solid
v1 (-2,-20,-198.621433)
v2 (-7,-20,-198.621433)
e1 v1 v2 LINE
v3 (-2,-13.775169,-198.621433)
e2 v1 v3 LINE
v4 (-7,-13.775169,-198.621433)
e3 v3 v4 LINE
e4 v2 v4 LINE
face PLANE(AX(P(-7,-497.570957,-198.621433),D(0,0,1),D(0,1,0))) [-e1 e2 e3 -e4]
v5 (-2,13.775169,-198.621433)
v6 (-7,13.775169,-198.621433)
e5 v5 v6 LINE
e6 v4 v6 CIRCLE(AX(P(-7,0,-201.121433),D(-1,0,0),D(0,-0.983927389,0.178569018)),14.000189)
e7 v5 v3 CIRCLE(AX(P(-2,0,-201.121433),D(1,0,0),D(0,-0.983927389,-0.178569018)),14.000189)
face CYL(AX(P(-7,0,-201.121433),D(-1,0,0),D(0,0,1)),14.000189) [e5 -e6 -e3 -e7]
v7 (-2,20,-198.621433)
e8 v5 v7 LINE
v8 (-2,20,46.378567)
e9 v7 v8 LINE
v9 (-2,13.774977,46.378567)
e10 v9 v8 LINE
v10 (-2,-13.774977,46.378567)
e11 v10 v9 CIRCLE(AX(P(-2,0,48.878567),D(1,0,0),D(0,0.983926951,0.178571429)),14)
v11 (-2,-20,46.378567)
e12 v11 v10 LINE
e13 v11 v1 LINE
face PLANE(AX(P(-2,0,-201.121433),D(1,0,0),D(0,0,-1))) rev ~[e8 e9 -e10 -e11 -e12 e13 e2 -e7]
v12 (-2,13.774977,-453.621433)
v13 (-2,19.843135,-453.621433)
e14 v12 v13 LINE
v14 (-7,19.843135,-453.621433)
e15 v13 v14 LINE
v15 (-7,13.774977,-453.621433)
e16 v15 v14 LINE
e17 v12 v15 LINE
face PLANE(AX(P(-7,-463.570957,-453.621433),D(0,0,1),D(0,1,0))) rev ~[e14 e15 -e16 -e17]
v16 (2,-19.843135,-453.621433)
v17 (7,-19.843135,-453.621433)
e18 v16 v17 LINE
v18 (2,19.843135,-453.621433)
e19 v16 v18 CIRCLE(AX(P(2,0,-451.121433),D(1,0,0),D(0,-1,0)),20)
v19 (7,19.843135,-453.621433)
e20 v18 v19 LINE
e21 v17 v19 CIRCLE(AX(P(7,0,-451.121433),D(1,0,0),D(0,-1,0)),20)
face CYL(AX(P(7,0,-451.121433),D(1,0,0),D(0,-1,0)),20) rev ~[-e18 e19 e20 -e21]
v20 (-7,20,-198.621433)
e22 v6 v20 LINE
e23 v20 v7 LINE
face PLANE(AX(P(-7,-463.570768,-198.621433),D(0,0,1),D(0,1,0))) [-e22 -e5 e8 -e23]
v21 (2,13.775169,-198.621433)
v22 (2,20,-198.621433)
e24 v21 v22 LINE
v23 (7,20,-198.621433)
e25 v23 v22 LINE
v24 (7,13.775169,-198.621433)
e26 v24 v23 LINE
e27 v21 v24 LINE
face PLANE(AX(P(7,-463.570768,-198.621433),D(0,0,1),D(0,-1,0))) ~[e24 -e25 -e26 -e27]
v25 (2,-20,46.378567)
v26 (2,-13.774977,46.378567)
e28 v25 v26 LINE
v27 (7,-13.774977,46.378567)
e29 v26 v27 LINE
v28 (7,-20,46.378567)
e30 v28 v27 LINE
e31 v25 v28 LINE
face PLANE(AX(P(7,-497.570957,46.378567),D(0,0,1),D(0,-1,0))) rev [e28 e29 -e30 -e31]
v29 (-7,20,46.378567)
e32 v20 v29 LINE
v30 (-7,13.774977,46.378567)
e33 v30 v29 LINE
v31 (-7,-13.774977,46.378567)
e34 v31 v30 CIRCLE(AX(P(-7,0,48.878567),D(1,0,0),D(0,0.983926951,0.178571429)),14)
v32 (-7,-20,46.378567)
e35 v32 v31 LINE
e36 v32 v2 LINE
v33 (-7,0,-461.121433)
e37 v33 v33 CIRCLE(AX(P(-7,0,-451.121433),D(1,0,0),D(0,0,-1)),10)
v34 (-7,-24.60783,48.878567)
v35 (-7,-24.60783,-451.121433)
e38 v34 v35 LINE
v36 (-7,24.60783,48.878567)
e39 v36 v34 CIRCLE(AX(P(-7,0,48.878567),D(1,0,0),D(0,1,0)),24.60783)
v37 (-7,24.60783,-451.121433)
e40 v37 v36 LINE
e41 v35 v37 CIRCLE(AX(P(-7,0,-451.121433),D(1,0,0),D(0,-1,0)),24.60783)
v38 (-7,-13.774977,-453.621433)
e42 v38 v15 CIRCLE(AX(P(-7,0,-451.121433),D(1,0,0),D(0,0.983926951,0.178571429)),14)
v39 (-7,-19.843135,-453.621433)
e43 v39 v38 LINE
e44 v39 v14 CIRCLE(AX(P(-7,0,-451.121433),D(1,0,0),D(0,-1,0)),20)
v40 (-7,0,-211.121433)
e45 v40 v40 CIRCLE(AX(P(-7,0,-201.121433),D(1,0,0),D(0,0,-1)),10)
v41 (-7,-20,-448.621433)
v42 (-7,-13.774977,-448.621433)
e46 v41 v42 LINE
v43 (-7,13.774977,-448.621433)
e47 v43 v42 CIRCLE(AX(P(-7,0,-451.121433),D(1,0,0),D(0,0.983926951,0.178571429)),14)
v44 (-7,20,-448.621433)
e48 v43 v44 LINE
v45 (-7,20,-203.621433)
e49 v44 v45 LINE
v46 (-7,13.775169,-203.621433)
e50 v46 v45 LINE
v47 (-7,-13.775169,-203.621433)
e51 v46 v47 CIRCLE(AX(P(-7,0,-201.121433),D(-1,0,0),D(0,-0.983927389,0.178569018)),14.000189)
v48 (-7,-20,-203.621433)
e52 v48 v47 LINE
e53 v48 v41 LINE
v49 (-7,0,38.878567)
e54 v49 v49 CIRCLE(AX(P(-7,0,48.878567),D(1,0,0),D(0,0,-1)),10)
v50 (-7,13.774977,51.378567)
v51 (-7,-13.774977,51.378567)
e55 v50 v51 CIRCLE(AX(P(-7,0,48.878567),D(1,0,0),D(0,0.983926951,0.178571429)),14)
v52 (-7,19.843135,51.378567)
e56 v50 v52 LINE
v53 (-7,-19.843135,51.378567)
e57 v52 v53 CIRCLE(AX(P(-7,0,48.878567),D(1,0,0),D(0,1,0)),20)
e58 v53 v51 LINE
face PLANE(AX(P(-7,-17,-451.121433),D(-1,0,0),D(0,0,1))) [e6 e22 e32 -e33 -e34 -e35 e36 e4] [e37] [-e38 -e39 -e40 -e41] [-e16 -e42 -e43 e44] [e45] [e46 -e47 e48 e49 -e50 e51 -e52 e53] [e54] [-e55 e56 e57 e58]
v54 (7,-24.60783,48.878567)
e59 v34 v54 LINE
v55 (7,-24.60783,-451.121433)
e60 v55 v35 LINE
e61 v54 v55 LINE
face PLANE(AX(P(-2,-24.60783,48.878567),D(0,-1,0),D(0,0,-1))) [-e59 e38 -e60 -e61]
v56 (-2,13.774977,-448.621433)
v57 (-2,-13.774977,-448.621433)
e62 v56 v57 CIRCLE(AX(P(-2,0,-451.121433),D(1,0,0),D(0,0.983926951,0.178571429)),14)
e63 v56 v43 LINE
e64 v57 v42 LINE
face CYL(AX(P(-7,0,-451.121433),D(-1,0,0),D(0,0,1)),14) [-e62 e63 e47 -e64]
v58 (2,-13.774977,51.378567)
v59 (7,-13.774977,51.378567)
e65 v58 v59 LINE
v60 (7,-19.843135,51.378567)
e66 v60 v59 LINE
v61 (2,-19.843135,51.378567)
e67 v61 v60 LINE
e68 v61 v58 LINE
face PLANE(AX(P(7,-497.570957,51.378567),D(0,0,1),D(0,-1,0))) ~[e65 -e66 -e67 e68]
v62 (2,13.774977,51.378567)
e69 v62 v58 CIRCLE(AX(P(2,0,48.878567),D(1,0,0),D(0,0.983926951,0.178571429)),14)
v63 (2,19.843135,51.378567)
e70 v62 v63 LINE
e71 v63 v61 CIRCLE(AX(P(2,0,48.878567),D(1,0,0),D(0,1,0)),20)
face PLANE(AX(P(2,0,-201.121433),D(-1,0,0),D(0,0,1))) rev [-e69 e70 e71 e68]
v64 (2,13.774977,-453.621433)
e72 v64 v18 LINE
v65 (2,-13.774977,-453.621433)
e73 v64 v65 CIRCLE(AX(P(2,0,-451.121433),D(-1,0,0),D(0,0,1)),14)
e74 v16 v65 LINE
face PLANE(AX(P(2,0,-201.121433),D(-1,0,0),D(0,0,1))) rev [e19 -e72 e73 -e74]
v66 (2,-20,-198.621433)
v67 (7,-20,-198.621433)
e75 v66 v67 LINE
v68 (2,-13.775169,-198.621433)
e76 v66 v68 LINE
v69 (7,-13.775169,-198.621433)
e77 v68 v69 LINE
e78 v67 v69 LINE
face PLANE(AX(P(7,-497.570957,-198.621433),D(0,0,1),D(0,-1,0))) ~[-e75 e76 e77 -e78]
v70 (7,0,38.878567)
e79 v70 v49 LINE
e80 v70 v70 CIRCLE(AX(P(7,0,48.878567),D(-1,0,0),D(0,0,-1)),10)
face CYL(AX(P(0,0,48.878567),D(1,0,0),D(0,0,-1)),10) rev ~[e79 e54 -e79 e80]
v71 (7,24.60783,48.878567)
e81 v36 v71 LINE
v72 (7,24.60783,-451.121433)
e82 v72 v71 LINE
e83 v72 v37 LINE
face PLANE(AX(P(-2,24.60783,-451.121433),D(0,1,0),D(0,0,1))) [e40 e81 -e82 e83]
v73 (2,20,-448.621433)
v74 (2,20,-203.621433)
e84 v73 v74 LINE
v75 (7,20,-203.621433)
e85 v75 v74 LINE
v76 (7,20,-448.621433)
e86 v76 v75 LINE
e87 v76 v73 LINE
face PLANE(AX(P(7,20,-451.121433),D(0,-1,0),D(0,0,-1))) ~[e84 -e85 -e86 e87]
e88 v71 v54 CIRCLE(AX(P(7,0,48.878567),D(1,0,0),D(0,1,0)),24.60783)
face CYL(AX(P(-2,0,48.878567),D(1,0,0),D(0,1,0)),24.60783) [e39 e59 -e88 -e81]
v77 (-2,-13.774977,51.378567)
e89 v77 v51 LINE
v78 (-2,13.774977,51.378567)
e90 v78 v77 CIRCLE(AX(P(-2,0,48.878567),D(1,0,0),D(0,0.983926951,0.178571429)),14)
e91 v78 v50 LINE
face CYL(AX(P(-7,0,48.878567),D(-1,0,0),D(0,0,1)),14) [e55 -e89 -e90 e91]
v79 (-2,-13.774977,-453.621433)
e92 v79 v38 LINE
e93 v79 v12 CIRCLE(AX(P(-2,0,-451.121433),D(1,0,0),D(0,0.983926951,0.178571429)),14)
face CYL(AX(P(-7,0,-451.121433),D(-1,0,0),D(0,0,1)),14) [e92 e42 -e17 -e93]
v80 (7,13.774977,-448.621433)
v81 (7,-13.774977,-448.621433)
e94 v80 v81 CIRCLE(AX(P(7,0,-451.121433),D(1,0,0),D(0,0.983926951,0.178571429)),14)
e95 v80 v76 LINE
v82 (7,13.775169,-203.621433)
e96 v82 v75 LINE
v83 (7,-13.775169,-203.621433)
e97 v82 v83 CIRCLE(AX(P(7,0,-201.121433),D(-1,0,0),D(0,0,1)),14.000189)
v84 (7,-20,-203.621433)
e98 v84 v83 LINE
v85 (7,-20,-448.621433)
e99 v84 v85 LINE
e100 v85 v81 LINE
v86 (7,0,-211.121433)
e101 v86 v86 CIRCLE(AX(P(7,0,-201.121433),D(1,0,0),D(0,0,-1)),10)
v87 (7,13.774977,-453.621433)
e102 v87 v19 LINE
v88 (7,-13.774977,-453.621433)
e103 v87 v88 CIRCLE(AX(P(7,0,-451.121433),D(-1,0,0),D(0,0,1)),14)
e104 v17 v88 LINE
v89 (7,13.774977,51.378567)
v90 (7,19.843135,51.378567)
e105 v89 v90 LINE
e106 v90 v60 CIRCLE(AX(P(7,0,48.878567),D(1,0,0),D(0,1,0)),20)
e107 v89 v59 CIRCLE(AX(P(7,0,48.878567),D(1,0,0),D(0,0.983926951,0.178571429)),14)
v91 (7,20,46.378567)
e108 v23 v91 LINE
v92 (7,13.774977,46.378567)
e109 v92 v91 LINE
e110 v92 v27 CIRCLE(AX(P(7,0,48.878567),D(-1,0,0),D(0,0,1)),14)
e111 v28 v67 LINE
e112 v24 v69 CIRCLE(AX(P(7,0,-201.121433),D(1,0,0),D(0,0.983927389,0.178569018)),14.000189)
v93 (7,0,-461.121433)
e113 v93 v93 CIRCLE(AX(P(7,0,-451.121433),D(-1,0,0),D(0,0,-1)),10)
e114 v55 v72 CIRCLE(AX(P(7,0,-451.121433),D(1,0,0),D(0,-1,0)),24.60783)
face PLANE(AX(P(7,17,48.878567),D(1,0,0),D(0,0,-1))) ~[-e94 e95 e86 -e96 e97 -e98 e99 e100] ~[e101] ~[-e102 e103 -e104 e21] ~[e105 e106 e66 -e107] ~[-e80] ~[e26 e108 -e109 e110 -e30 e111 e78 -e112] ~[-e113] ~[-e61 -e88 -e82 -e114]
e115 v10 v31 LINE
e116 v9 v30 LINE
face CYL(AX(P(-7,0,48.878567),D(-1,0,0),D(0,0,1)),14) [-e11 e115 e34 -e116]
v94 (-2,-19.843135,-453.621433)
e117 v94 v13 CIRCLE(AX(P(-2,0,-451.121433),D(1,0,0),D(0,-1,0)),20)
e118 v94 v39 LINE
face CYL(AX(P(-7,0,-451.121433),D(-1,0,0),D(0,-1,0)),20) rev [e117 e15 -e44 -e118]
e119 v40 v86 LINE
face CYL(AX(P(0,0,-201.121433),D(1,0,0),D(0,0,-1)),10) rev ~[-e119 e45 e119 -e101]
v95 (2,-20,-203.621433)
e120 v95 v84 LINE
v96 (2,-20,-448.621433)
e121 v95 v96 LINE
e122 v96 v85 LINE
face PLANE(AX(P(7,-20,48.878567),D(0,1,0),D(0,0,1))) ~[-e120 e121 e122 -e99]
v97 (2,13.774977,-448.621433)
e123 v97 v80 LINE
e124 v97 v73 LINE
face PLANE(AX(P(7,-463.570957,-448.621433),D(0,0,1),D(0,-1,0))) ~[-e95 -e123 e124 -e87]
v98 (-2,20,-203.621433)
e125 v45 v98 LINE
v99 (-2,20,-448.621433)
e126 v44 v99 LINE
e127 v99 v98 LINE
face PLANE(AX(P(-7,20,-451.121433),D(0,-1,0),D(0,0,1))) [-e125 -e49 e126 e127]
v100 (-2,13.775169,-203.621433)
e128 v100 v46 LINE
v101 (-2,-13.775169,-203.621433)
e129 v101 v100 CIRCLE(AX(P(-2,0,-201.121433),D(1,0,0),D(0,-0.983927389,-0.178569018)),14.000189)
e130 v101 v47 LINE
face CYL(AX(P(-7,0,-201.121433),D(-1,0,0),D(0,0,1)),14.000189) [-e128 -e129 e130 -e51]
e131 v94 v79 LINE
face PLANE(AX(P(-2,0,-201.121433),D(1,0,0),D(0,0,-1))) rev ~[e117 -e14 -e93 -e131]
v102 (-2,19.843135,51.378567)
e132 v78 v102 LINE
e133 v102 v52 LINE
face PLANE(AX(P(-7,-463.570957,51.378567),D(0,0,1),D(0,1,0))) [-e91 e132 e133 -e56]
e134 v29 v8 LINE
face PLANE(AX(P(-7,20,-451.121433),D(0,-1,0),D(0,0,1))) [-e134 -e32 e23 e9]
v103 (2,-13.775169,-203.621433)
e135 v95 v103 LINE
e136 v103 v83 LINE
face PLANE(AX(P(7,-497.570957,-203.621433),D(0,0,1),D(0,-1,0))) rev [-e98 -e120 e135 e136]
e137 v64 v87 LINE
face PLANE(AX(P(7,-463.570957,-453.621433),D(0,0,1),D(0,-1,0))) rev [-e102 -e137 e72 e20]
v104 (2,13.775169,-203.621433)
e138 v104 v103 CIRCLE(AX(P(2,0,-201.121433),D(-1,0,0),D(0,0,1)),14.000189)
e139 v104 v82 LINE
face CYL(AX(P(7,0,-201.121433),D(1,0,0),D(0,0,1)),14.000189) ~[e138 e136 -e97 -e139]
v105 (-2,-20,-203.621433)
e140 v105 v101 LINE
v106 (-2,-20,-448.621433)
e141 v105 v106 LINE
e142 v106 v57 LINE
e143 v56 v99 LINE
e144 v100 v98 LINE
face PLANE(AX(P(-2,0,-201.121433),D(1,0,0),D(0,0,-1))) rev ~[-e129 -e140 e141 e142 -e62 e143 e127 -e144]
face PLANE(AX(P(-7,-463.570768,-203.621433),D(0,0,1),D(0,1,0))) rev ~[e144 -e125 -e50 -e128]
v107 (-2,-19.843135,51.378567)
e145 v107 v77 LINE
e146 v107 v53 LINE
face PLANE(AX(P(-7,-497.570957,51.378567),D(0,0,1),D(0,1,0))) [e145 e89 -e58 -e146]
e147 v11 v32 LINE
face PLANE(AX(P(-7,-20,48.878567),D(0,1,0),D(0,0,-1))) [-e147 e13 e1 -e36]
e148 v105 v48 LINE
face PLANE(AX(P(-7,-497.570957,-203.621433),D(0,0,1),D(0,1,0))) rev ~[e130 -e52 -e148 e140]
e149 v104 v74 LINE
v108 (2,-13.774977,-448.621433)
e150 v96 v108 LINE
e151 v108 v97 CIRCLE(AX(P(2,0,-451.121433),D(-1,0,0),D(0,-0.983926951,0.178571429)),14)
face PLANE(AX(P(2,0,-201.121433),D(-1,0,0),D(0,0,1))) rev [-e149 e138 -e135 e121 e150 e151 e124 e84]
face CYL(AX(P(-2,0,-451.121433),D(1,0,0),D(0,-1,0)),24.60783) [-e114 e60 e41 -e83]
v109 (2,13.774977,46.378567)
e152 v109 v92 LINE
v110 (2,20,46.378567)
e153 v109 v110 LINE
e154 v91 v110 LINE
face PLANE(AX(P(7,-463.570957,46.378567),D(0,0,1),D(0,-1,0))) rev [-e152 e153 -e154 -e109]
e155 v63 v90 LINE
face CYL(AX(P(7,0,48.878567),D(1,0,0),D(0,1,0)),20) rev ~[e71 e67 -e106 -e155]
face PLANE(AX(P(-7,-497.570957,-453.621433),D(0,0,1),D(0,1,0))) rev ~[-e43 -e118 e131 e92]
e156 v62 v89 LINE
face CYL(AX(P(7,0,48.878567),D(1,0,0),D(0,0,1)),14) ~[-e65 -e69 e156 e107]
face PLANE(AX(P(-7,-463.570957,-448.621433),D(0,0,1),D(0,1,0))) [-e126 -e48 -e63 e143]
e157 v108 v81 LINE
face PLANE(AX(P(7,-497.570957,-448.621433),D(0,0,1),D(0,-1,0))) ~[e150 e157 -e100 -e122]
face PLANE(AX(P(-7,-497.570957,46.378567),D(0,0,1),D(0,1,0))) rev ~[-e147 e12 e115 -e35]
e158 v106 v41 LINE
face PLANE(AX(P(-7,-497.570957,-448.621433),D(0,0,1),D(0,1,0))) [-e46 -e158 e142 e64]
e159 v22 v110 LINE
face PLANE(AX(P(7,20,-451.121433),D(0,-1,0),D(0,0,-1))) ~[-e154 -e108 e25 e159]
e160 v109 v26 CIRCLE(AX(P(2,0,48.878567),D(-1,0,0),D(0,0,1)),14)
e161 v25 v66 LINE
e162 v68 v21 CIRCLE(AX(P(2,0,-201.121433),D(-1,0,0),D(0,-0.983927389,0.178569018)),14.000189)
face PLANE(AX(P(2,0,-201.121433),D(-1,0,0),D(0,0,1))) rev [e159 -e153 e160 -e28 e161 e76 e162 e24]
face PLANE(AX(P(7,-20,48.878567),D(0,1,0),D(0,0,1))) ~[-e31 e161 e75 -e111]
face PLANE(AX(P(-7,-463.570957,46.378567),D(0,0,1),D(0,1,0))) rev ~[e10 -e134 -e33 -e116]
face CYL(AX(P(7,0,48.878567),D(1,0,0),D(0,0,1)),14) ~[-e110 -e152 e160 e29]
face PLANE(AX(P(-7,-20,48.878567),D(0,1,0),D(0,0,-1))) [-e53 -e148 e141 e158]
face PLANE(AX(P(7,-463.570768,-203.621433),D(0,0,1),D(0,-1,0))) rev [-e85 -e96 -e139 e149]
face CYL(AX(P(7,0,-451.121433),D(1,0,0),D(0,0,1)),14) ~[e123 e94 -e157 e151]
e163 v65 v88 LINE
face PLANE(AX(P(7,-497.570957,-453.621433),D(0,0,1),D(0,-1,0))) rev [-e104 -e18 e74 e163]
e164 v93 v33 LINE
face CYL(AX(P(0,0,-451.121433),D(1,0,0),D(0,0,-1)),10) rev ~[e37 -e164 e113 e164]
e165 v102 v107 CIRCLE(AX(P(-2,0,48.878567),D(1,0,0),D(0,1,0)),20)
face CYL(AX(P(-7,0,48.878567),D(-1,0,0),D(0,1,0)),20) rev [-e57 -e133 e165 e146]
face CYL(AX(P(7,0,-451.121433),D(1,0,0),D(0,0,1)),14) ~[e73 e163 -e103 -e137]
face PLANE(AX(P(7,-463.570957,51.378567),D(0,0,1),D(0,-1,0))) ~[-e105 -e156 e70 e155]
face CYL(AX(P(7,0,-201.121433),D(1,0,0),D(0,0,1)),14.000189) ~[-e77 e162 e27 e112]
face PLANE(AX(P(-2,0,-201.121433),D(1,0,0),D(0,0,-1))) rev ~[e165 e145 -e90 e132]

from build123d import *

# Parameters (mm, degrees)
BOSS_EXTRUDE1_DEPTH = 2
EXTRUDE_START       = 5
EXTRUDE_1_DEPTH     = 5
EXTRUDE_2_DEPTH     = 5
SKETCH_4_R          = 14
SKETCH_4_R_2        = 14.00018903
CUT_EXTRUDE_1_DEPTH = 5
SKETCH1_3_R         = 10
CUT_EXTRUDE_2_DEPTH = 15
RIB_2_REACH         = 478.571
SKETCH_5_WALLS_W    = 5
SKETCH_5_WALLS_H    = 961.14191471
SKETCH_5_WALLS_H_2  = 961.14172568


with BuildPart() as part:
    # Sketch1 → Boss-Extrude1 (new, symmetric)
    with BuildSketch(Plane(origin=(0, 0, 0), x_dir=(0, 0, -1), z_dir=(1, 0, 0))):
        with BuildLine():
            Line((451.121433311, 24.607830126), (-48.878566689, 24.607830126))
            ThreePointArc((-48.878566689, 24.607830126), (-73.486396815, 0), (-48.878566689, -24.607830126))
            Line((-48.878566689, -24.607830126), (451.121433311, -24.607830126))
            ThreePointArc((451.121433311, -24.607830126), (475.729263437, 0), (451.121433311, 24.607830126))
        make_face()
    extrude(amount=BOSS_EXTRUDE1_DEPTH, both=True)

    # Sketch 1 → Extrude 1 (add)
    with BuildSketch(Plane(origin=(2, 0, 0), x_dir=(0, 0, -1), z_dir=(1, 0, 0)).offset(EXTRUDE_START)):
        with BuildLine():
            Line((451.121433311, 24.607830126), (-48.878566689, 24.607830126))
            ThreePointArc((-48.878566689, 24.607830126), (-73.486396815, 0), (-48.878566689, -24.607830126))
            Line((-48.878566689, -24.607830126), (451.121433311, -24.607830126))
            ThreePointArc((451.121433311, -24.607830126), (475.729263437, 0), (451.121433311, 24.607830126))
        make_face()
    extrude(amount=-EXTRUDE_1_DEPTH)

    # Sketch 2 → Extrude 2 (add)
    with BuildSketch(Plane.ZY.offset(2)):
        with BuildLine():
            Line((-451.121433311, 24.607830126), (48.878566689, 24.607830126))
            ThreePointArc((48.878566689, 24.607830126), (73.486396815, 0), (48.878566689, -24.607830126))
            Line((48.878566689, -24.607830126), (-451.121433311, -24.607830126))
            ThreePointArc((-451.121433311, -24.607830126), (-475.729263437, 0), (-451.121433311, 24.607830126))
        make_face()
    extrude(amount=EXTRUDE_2_DEPTH)

    # Sketch 4 → Cut-Extrude 1 (cut)
    with BuildSketch(Plane.ZY.offset(7)):
        with BuildLine():
            Line((48.878566689, 20), (-451.121433311, 20))
            ThreePointArc((-451.121433311, 20), (-471.121433311, 0), (-451.121433311, -20))
            Line((-451.121433311, -20), (48.878566689, -20))
            ThreePointArc((48.878566689, -20), (68.878566689, 0), (48.878566689, 20))
        make_face()
        with Locations((-451.121433311, 0)):
            Circle(SKETCH_4_R, mode=Mode.SUBTRACT)
        with Locations((-201.121433311, 0)):
            Circle(SKETCH_4_R_2, mode=Mode.SUBTRACT)
        with Locations((48.878566689, 0)):
            Circle(SKETCH_4_R, mode=Mode.SUBTRACT)
    cut_extrude_1 = extrude(amount=-CUT_EXTRUDE_1_DEPTH, mode=Mode.SUBTRACT)

    # Mirror 1: Cut-Extrude 1 across plane
    add(cut_extrude_1.mirror(Plane.ZY), mode=Mode.SUBTRACT)

    # Sketch1_3 → Cut-Extrude 2 (cut, symmetric)
    with BuildSketch(Plane(origin=(0, 0, 0), x_dir=(0, 0, -1), z_dir=(1, 0, 0))):
        with Locations((451.121433311, 0)):
            Circle(SKETCH1_3_R)
        with Locations((201.121433311, 0)):
            Circle(SKETCH1_3_R)
        with Locations((-48.878566689, 0)):
            Circle(SKETCH1_3_R)
    extrude(amount=CUT_EXTRUDE_2_DEPTH, both=True, mode=Mode.SUBTRACT)

    # Sketch 5 walls → Rib 2 (add, up to next)
    with BuildSketch(Plane.ZY.offset(7), mode=Mode.PRIVATE) as rib_2_sk1:
        with Locations((48.878566689, 17)):
            Rectangle(SKETCH_5_WALLS_W, SKETCH_5_WALLS_H)
    rib_2_tool1 = extrude(rib_2_sk1.sketch, amount=-RIB_2_REACH, mode=Mode.PRIVATE) - part.part
    # Sketch 5 walls → Rib 2 (add, up to next)
    with BuildSketch(Plane.ZY.offset(7), mode=Mode.PRIVATE) as rib_2_sk2:
        with Locations((48.878566689, -17)):
            Rectangle(SKETCH_5_WALLS_W, SKETCH_5_WALLS_H)
    rib_2_tool2 = extrude(rib_2_sk2.sketch, amount=-RIB_2_REACH, mode=Mode.PRIVATE) - part.part
    # Sketch 5 walls → Rib 2 (add, up to next)
    with BuildSketch(Plane.ZY.offset(7), mode=Mode.PRIVATE) as rib_2_sk3:
        with Locations((-201.121433311, -17.000094515)):
            Rectangle(SKETCH_5_WALLS_W, SKETCH_5_WALLS_H_2)
    rib_2_tool3 = extrude(rib_2_sk3.sketch, amount=-RIB_2_REACH, mode=Mode.PRIVATE) - part.part
    # Sketch 5 walls → Rib 2 (add, up to next)
    with BuildSketch(Plane.ZY.offset(7), mode=Mode.PRIVATE) as rib_2_sk4:
        with Locations((-201.121433311, 17.000094515)):
            Rectangle(SKETCH_5_WALLS_W, SKETCH_5_WALLS_H_2)
    rib_2_tool4 = extrude(rib_2_sk4.sketch, amount=-RIB_2_REACH, mode=Mode.PRIVATE) - part.part
    # Sketch 5 walls → Rib 2 (add, up to next)
    with BuildSketch(Plane.ZY.offset(7), mode=Mode.PRIVATE) as rib_2_sk5:
        with Locations((-451.121433311, 17)):
            Rectangle(SKETCH_5_WALLS_W, SKETCH_5_WALLS_H)
    rib_2_tool5 = extrude(rib_2_sk5.sketch, amount=-RIB_2_REACH, mode=Mode.PRIVATE) - part.part
    # Sketch 5 walls → Rib 2 (add, up to next)
    with BuildSketch(Plane.ZY.offset(7), mode=Mode.PRIVATE) as rib_2_sk6:
        with Locations((-451.121433311, -17)):
            Rectangle(SKETCH_5_WALLS_W, SKETCH_5_WALLS_H)
    rib_2_tool6 = extrude(rib_2_sk6.sketch, amount=-RIB_2_REACH, mode=Mode.PRIVATE) - part.part
    rib_2_1 = rib_2_tool1.solids().sort_by_distance((-7, 17, 48.878566689))[0]
    add(rib_2_1)
    rib_2_2 = rib_2_tool2.solids().sort_by_distance((-7, -17, 48.878566689))[0]
    add(rib_2_2)
    rib_2_3 = rib_2_tool3.solids().sort_by_distance((-7, -17.000094515, -201.121433311))[0]
    add(rib_2_3)
    rib_2_4 = rib_2_tool4.solids().sort_by_distance((-7, 17.000094515, -201.121433311))[0]
    add(rib_2_4)
    rib_2_5 = rib_2_tool5.solids().sort_by_distance((-7, 17, -451.121433311))[0]
    add(rib_2_5)
    rib_2_6 = rib_2_tool6.solids().sort_by_distance((-7, -17, -451.121433311))[0]
    add(rib_2_6)
    rib_2 = rib_2_1 + rib_2_2 + rib_2_3 + rib_2_4 + rib_2_5 + rib_2_6  # Rib 2 as one shape, for the pattern or mirror that repeats it

    # Mirror 2: Rib 2 across plane
    add(rib_2.mirror(Plane.ZY))


solid = part.part
